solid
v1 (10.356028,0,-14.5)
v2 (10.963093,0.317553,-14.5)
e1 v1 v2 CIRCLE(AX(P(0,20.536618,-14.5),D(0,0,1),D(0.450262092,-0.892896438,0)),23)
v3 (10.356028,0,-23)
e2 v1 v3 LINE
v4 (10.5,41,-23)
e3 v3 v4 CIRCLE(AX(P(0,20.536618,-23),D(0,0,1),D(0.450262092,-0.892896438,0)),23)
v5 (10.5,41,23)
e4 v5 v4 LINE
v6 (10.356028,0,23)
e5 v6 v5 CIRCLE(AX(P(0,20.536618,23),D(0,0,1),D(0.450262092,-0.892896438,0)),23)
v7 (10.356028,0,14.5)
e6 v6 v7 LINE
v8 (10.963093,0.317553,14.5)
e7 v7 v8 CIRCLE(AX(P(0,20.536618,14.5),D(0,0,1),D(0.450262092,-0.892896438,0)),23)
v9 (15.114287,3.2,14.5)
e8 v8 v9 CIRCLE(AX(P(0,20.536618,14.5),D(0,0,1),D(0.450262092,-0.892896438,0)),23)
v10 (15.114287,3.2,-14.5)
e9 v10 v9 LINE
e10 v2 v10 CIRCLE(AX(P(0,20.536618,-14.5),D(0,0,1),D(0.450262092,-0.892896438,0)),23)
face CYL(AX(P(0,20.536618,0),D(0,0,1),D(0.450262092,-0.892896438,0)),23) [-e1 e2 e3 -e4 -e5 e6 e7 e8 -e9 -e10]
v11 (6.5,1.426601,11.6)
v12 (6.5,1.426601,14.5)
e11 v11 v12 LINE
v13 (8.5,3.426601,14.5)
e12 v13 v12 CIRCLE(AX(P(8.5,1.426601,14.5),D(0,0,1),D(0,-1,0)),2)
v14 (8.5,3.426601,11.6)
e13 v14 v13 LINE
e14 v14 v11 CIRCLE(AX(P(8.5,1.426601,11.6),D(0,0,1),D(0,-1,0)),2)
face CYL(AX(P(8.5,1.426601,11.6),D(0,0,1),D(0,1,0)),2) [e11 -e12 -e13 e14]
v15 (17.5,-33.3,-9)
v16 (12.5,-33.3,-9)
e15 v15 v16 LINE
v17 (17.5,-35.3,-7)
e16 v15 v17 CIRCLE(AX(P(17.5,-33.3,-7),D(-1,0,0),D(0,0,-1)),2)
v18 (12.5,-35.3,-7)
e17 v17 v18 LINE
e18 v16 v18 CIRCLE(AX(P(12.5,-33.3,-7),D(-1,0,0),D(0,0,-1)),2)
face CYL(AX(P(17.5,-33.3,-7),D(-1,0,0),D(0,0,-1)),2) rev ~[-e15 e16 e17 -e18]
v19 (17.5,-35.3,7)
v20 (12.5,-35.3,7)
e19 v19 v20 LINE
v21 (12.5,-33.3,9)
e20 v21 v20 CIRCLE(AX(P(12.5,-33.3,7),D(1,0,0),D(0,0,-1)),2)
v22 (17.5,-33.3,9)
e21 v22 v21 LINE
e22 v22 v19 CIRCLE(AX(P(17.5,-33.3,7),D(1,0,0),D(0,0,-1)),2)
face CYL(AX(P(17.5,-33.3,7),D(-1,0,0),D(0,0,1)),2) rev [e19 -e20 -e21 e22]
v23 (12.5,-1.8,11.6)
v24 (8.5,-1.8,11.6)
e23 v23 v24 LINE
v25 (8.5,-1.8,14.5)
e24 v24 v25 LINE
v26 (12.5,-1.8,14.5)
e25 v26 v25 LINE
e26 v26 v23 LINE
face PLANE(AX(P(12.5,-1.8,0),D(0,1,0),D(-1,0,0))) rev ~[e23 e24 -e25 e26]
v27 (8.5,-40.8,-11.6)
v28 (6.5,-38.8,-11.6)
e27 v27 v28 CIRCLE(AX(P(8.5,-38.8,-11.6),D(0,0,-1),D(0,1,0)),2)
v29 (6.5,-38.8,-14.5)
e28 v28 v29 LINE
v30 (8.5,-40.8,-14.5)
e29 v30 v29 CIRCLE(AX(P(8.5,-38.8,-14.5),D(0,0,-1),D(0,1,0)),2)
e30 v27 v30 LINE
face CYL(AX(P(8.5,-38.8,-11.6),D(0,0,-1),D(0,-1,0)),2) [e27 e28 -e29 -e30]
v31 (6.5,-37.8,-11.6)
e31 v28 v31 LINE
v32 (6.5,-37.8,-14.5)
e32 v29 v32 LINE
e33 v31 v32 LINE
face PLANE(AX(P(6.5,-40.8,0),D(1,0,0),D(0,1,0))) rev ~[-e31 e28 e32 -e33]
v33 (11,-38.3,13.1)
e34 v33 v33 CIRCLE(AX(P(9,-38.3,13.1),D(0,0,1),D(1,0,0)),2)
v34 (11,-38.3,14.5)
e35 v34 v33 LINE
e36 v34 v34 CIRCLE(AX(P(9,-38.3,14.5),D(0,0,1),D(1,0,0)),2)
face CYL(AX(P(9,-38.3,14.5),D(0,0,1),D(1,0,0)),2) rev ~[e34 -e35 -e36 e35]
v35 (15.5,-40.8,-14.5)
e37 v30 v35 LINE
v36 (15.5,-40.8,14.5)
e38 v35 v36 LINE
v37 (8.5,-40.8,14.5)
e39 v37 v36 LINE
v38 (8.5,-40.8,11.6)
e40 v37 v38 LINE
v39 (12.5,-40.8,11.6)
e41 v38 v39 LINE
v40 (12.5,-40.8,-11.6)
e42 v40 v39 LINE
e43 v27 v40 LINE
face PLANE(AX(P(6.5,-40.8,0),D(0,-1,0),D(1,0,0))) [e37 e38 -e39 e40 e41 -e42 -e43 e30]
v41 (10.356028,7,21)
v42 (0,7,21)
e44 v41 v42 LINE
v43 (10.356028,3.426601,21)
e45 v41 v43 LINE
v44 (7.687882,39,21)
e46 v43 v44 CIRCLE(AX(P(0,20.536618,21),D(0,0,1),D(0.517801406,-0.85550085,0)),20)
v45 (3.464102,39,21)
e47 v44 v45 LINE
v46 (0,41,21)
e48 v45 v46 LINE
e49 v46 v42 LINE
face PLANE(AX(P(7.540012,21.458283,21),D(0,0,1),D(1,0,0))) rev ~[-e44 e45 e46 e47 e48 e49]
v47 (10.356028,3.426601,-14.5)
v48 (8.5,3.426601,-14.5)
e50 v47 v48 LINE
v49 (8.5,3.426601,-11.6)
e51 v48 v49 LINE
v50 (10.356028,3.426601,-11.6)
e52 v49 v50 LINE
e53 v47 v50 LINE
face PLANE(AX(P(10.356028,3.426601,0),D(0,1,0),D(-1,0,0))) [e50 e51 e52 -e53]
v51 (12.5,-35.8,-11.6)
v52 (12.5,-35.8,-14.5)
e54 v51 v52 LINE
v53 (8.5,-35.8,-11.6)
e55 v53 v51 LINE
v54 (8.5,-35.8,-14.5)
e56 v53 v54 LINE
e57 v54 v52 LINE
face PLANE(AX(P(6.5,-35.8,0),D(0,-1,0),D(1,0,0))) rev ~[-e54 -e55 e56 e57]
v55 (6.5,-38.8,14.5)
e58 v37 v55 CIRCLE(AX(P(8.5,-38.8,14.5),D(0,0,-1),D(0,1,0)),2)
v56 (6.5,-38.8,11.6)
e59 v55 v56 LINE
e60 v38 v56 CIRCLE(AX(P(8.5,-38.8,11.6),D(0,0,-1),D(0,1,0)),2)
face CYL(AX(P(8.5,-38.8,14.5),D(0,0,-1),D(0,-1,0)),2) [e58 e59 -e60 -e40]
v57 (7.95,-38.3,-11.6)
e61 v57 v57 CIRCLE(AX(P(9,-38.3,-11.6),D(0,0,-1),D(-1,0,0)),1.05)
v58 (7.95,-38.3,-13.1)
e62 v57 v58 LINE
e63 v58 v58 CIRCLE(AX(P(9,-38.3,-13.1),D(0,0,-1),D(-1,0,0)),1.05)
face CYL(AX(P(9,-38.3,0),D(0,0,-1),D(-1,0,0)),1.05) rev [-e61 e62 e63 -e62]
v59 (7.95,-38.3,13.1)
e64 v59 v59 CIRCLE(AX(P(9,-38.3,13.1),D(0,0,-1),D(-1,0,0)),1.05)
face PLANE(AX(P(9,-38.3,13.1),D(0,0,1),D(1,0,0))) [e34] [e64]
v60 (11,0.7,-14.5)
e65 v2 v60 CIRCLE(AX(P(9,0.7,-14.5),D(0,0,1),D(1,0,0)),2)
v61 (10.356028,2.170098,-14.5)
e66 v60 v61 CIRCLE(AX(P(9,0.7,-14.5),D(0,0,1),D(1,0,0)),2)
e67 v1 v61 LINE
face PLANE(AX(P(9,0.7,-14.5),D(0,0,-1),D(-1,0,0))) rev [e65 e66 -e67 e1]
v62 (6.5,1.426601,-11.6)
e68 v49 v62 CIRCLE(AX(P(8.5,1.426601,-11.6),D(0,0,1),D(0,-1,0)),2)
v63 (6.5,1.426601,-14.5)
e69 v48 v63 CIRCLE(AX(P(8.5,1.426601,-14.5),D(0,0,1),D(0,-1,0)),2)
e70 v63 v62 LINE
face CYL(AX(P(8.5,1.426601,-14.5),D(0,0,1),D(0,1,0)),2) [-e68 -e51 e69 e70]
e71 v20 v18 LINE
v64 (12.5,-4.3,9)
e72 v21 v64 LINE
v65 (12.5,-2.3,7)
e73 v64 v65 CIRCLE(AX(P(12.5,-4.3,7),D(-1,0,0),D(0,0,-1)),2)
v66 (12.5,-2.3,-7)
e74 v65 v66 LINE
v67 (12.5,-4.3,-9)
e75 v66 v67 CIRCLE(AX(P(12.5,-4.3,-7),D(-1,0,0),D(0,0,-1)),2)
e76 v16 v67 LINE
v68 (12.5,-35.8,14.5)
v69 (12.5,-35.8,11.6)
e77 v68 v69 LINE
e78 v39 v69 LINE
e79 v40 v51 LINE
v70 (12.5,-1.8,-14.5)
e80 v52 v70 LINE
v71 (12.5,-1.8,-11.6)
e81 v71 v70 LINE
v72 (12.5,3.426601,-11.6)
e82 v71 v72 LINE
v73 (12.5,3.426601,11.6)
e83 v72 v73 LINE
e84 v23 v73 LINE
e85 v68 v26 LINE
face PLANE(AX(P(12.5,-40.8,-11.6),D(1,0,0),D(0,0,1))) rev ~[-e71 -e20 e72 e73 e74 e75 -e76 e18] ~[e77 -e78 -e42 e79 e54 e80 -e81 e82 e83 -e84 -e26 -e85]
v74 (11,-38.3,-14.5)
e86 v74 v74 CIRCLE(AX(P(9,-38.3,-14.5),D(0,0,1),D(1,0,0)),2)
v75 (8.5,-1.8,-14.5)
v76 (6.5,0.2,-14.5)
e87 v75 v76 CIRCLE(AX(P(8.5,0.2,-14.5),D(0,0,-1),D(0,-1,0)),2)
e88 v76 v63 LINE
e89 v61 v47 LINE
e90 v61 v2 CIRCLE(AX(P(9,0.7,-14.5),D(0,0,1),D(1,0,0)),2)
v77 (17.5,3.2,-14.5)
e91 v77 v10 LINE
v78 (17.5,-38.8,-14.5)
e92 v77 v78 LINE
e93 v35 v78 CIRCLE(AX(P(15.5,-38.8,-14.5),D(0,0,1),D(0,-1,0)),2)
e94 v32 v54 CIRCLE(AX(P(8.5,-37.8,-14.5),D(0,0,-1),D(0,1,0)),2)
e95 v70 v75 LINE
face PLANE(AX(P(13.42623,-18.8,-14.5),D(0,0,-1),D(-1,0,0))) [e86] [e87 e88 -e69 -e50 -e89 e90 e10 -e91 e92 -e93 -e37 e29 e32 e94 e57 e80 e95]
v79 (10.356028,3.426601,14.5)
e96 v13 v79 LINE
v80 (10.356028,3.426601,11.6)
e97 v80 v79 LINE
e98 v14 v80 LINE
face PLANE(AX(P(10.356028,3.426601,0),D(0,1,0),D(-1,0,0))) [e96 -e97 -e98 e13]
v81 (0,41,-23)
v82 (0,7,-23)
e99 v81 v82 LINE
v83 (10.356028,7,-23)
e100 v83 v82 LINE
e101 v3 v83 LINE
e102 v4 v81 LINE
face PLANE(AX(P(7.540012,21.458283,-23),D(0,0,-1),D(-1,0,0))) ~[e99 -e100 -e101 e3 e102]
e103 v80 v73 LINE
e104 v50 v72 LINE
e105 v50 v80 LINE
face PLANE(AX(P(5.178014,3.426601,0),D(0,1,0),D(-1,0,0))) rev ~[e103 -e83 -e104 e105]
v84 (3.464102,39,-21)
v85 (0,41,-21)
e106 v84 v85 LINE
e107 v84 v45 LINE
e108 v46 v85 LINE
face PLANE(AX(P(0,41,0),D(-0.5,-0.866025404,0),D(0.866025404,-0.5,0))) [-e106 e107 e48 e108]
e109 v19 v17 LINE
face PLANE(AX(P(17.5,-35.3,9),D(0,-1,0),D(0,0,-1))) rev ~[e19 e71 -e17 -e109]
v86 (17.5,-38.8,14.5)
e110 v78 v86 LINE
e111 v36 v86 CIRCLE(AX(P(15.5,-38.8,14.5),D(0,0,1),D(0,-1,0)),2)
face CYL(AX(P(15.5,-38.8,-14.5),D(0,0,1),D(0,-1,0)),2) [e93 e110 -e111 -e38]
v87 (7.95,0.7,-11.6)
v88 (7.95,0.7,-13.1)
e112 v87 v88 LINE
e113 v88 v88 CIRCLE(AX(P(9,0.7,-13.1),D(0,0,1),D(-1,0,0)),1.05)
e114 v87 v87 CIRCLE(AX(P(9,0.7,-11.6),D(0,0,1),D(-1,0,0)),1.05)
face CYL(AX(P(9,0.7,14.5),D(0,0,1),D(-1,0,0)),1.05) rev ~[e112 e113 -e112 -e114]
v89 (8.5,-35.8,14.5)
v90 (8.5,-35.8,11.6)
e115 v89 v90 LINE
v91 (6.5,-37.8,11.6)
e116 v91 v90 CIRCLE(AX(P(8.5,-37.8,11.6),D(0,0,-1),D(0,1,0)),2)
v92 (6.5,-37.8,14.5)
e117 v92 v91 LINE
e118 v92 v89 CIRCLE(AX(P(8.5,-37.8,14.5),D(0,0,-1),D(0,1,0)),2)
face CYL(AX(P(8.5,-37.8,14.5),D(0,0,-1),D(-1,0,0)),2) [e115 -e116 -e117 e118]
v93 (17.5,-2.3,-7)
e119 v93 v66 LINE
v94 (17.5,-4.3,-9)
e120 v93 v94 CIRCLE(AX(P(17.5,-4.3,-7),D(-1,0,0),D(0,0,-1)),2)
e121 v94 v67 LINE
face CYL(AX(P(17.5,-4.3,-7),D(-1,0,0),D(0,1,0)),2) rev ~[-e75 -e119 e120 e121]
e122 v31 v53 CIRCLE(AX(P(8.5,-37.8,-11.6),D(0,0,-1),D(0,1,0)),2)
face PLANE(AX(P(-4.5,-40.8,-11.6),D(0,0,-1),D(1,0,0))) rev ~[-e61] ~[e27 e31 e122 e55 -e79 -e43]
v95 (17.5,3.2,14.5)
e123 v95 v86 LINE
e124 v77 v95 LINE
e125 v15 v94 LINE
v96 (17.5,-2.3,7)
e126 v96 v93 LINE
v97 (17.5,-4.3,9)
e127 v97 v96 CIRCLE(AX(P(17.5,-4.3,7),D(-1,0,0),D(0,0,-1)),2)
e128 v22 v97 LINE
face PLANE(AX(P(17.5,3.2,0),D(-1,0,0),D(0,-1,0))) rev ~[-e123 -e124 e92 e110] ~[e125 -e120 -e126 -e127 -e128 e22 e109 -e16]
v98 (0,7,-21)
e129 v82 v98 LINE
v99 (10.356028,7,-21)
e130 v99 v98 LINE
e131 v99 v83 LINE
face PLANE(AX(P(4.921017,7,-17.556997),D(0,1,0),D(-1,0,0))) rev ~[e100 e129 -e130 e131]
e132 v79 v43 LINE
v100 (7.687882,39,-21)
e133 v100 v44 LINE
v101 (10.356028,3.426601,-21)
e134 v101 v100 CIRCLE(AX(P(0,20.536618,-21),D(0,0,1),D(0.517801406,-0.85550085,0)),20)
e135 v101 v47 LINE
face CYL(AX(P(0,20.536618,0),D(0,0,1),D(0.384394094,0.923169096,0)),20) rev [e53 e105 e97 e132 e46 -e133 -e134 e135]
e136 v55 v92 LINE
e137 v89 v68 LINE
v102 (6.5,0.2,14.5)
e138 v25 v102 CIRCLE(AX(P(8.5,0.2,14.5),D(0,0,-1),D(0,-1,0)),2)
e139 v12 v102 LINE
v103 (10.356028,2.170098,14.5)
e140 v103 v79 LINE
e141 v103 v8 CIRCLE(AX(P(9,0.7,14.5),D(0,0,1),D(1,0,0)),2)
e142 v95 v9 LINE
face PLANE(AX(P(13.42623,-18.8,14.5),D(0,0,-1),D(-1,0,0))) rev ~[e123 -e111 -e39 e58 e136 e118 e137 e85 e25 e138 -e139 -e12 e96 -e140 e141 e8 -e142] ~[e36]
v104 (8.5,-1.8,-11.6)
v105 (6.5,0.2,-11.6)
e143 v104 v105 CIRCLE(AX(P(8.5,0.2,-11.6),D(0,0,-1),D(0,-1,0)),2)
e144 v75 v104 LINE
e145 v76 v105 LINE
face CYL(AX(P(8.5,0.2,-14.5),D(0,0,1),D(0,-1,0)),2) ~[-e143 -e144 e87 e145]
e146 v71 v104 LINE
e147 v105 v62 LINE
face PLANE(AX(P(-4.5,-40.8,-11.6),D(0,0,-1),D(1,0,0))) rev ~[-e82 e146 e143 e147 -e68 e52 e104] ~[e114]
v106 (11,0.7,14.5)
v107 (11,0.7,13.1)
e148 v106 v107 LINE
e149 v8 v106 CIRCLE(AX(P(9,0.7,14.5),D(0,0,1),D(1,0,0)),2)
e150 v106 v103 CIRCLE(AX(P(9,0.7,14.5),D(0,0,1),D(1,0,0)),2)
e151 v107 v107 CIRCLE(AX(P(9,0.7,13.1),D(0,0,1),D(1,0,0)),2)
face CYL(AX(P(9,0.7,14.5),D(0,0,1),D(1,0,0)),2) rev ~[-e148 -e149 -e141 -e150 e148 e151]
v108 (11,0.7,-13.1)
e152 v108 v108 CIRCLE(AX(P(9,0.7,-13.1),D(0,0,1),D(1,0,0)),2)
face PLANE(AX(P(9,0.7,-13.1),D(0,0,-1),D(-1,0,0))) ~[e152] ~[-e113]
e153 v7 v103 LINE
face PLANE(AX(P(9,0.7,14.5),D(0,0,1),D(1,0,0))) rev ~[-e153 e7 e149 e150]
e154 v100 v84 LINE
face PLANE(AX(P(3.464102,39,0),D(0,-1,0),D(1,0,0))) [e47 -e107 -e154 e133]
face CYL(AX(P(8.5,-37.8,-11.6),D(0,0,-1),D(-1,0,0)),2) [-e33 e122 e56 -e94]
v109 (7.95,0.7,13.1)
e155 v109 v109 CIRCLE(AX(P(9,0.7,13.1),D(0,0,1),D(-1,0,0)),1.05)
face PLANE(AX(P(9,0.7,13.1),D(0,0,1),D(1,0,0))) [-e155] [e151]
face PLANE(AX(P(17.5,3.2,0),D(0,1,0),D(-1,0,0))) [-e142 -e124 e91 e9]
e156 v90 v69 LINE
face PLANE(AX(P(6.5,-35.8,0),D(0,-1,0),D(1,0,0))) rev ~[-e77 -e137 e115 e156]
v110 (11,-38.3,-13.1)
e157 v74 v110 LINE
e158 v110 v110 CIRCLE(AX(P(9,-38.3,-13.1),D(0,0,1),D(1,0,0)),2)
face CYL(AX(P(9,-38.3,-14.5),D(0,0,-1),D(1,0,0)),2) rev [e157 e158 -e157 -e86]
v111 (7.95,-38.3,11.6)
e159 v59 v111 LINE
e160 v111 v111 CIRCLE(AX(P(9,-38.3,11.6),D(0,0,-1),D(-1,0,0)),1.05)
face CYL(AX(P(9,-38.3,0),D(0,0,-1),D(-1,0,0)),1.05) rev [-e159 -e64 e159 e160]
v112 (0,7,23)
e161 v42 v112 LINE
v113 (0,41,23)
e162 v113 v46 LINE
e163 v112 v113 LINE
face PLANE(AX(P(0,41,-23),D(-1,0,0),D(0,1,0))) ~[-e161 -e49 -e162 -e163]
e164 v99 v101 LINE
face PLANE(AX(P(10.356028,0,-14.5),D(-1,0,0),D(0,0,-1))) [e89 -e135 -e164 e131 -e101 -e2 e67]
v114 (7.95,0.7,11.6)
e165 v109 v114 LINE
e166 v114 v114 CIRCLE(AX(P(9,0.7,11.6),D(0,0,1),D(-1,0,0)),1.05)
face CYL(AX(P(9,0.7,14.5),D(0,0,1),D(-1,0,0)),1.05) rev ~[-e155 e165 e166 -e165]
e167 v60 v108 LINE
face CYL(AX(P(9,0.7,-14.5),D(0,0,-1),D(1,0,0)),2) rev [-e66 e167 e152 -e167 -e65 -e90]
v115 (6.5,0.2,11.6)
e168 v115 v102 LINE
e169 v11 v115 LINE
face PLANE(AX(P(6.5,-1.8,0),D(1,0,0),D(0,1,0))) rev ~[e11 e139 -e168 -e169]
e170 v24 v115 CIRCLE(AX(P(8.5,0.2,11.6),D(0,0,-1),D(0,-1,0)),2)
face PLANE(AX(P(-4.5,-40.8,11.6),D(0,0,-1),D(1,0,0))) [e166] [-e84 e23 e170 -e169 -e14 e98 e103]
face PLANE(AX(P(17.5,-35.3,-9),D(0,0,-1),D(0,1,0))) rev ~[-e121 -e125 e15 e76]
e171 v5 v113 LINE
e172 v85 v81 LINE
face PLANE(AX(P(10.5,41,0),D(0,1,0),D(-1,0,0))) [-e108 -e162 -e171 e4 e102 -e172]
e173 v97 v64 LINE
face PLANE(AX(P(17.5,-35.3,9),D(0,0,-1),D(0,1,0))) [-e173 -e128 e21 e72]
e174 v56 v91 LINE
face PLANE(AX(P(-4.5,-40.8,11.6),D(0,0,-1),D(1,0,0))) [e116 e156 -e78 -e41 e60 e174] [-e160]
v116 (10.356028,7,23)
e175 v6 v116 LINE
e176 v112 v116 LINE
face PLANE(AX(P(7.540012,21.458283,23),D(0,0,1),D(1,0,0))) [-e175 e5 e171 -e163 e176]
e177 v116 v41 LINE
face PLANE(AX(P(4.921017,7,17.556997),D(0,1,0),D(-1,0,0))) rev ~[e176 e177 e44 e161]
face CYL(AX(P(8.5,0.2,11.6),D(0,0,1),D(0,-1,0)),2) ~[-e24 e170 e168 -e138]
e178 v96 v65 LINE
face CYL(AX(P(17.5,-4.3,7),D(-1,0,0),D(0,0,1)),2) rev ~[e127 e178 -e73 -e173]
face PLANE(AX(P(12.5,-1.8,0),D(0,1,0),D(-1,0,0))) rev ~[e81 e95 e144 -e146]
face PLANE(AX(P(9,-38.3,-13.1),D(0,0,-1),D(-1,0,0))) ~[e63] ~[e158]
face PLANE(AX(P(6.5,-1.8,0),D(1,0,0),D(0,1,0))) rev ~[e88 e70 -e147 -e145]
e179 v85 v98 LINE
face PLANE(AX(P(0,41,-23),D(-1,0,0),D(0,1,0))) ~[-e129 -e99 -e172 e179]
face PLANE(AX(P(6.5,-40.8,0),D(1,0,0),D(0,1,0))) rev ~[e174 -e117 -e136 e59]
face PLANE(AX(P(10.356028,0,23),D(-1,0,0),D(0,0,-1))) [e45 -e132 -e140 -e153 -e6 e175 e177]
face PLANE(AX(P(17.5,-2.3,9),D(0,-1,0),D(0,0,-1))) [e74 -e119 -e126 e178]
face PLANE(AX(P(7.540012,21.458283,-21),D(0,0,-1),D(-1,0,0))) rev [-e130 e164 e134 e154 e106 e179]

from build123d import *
from build123d.topology import SkipClean

# Parameters (mm, degrees)
BOSS_EXTRUDE1_DEPTH = 23
BOSS_EXTRUDE2_DEPTH = 2
SKETCH3_R           = 1.05
BOSS_EXTRUDE3_DEPTH = 14.5
CUT_EXTRUDE1_REACH  = 90.03
SKETCH4_W           = 17
SKETCH4_H           = 23.2
CUT_EXTRUDE2_DEPTH  = 7
SKETCH6_R           = 1.05
CUT_EXTRUDE3_DEPTH  = 61.135264197
SKETCH7_W           = 18
SKETCH7_H           = 33
CUT_EXTRUDE4_DEPTH  = 51.162236792
FILLET1_R           = 2
SKETCH8_R           = 2
CUT_EXTRUDE5_DEPTH  = 1.4


with BuildPart() as part:
    # Sketch1 → Boss-Extrude1 (new, symmetric)
    with BuildSketch(Plane.XY):
        with BuildLine():
            Line((0, 41), (3.464101615, 39))
            Line((3.464101615, 39), (7.687881875, 39))
            ThreePointArc((7.687881875, 39), (19.943980289, 22.03249582), (10.356028111, 3.42660107))
            Line((10.356028111, 3.42660107), (0, 3.42660107))
            Line((0, 3.42660107), (0, 0))
            Line((0, 0), (10.356028111, 0))
            ThreePointArc((10.356028111, 0), (22.999858198, 20.45585385), (10.5, 41))
            Line((10.5, 41), (0, 41))
        make_face()
    extrude(amount=BOSS_EXTRUDE1_DEPTH, both=True)

    # Sketch2 → Boss-Extrude2 (add)
    with BuildSketch(Plane.XY.offset(23)):
        with BuildLine():
            Line((0, 41), (0, 3.42660107))
            Line((0, 3.42660107), (10.356028111, 3.42660107))
            ThreePointArc((10.356028111, 3.42660107), (19.943980289, 22.03249582), (7.687881875, 39))
            Line((7.687881875, 39), (3.464101615, 39))
            Line((3.464101615, 39), (0, 41))
        make_face()
    boss_extrude2 = extrude(amount=-BOSS_EXTRUDE2_DEPTH)

    # Sketch3 → Boss-Extrude3 (add, symmetric)
    with BuildSketch(Plane.XY):
        Polygon((12.5, -40.8), (6.5, -40.8), (6.5, -35.8), (12.5, -35.8), (12.5, -1.8), (6.5, -1.8), (6.5, 3.2), (12.5, 3.2), (17.5, 3.2), (17.5, -40.8), align=None)
        with Locations((9, 0.7)):
            Circle(SKETCH3_R, mode=Mode.SUBTRACT)
        with Locations(Location((9, -38.3, 0), (0, 0, 180))):
            Circle(SKETCH3_R, mode=Mode.SUBTRACT)
    extrude(amount=BOSS_EXTRUDE3_DEPTH, both=True)

    # Mirror2: Boss-Extrude2 across plane
    add(boss_extrude2.mirror(Plane.XY))

    # Cut-Extrude1: up to this face of the body (flat: up to its plane)
    cut_extrude1_end = Plane(part.part.faces().sort_by_distance((5.178014055, 3.42660107, 0))[0])
    # Sketch4 → Cut-Extrude1 (cut, up to the picked face)
    with BuildSketch(Plane.XZ.offset(40.8), mode=Mode.PRIVATE) as cut_extrude1_sk1:
        with Locations((4, 0)):
            Rectangle(SKETCH4_W, SKETCH4_H)
    cut_extrude1_tool1 = split(extrude(cut_extrude1_sk1.sketch, amount=-CUT_EXTRUDE1_REACH, mode=Mode.PRIVATE), bisect_by=cut_extrude1_end, keep=Keep.BOTH, mode=Mode.PRIVATE)
    add(cut_extrude1_tool1.solids().sort_by(Axis((4, -40.8, 0), (0, 1, 0)))[0], mode=Mode.SUBTRACT)

    # Sketch5 → Cut-Extrude2 (cut)
    with BuildSketch(Plane.XZ):
        Polygon((0, -11.6), (6.5, -11.6), (6.5, -14.5), (10.356028111, -14.5), (10.356028111, -23), (0, -23), align=None)
        Polygon((6.5, 11.6), (0, 11.6), (0, 23), (10.356028111, 23), (10.356028111, 14.5), (6.5, 14.5), align=None)
    extrude(amount=-CUT_EXTRUDE2_DEPTH, mode=Mode.SUBTRACT)

    # Sketch6 → Cut-Extrude3 (cut, through all)
    with SkipClean():  # the faces are left unmerged after this step: merging them gives an invalid solid
        with BuildSketch(Plane.XY.offset(14.5)):
            with Locations(Location((9, 0.7, 0), (0, 0, 180))):
                Circle(SKETCH6_R)
        extrude(amount=-CUT_EXTRUDE3_DEPTH, mode=Mode.SUBTRACT)

    # Sketch7 → Cut-Extrude4 (cut, through all)
    with SkipClean():  # the faces are left unmerged after this step: merging them gives an invalid solid
        with BuildSketch(Plane(origin=(17.5, 0, 0), x_dir=(0, 0, -1), z_dir=(1, 0, 0))):
            with Locations((0, -18.8)):
                Rectangle(SKETCH7_W, SKETCH7_H)
        extrude(amount=-CUT_EXTRUDE4_DEPTH, mode=Mode.SUBTRACT)

    # Fillet1
    fillet1_edges = [part.edges().sort_by_distance(p)[0] for p in [
        (6.5, -40.8, -13.05),
        (6.5, -35.8, -13.05),
        (6.5, -1.8, -13.05),
        (6.5, 3.42660107, -13.05),
        (6.5, 3.42660107, 13.05),
        (15, -35.3, -9),
        (15, -35.3, 9),
        (15, -2.3, 9),
        (15, -2.3, -9),
        (17.5, -40.8, 0),
        (6.5, -1.8, 13.05),
        (6.5, -35.8, 13.05),
        (6.5, -40.8, 13.05),
    ]]
    fillet(fillet1_edges, radius=FILLET1_R)

    # Sketch8 → Cut-Extrude5 (cut)
    with SkipClean():  # the faces are left unmerged after this step: merging them gives an invalid solid
        with BuildSketch(Plane.XY.offset(14.5)):
            with Locations((9, 0.7)):
                Circle(SKETCH8_R)
            with Locations((9, -38.3)):
                Circle(SKETCH8_R)
        cut_extrude5 = extrude(amount=-CUT_EXTRUDE5_DEPTH, mode=Mode.SUBTRACT)

    # Mirror3: Cut-Extrude5 across plane
    with SkipClean():  # the faces are left unmerged after this step: merging them gives an invalid solid
        add(cut_extrude5.mirror(Plane.XY), mode=Mode.SUBTRACT)


solid = part.part
